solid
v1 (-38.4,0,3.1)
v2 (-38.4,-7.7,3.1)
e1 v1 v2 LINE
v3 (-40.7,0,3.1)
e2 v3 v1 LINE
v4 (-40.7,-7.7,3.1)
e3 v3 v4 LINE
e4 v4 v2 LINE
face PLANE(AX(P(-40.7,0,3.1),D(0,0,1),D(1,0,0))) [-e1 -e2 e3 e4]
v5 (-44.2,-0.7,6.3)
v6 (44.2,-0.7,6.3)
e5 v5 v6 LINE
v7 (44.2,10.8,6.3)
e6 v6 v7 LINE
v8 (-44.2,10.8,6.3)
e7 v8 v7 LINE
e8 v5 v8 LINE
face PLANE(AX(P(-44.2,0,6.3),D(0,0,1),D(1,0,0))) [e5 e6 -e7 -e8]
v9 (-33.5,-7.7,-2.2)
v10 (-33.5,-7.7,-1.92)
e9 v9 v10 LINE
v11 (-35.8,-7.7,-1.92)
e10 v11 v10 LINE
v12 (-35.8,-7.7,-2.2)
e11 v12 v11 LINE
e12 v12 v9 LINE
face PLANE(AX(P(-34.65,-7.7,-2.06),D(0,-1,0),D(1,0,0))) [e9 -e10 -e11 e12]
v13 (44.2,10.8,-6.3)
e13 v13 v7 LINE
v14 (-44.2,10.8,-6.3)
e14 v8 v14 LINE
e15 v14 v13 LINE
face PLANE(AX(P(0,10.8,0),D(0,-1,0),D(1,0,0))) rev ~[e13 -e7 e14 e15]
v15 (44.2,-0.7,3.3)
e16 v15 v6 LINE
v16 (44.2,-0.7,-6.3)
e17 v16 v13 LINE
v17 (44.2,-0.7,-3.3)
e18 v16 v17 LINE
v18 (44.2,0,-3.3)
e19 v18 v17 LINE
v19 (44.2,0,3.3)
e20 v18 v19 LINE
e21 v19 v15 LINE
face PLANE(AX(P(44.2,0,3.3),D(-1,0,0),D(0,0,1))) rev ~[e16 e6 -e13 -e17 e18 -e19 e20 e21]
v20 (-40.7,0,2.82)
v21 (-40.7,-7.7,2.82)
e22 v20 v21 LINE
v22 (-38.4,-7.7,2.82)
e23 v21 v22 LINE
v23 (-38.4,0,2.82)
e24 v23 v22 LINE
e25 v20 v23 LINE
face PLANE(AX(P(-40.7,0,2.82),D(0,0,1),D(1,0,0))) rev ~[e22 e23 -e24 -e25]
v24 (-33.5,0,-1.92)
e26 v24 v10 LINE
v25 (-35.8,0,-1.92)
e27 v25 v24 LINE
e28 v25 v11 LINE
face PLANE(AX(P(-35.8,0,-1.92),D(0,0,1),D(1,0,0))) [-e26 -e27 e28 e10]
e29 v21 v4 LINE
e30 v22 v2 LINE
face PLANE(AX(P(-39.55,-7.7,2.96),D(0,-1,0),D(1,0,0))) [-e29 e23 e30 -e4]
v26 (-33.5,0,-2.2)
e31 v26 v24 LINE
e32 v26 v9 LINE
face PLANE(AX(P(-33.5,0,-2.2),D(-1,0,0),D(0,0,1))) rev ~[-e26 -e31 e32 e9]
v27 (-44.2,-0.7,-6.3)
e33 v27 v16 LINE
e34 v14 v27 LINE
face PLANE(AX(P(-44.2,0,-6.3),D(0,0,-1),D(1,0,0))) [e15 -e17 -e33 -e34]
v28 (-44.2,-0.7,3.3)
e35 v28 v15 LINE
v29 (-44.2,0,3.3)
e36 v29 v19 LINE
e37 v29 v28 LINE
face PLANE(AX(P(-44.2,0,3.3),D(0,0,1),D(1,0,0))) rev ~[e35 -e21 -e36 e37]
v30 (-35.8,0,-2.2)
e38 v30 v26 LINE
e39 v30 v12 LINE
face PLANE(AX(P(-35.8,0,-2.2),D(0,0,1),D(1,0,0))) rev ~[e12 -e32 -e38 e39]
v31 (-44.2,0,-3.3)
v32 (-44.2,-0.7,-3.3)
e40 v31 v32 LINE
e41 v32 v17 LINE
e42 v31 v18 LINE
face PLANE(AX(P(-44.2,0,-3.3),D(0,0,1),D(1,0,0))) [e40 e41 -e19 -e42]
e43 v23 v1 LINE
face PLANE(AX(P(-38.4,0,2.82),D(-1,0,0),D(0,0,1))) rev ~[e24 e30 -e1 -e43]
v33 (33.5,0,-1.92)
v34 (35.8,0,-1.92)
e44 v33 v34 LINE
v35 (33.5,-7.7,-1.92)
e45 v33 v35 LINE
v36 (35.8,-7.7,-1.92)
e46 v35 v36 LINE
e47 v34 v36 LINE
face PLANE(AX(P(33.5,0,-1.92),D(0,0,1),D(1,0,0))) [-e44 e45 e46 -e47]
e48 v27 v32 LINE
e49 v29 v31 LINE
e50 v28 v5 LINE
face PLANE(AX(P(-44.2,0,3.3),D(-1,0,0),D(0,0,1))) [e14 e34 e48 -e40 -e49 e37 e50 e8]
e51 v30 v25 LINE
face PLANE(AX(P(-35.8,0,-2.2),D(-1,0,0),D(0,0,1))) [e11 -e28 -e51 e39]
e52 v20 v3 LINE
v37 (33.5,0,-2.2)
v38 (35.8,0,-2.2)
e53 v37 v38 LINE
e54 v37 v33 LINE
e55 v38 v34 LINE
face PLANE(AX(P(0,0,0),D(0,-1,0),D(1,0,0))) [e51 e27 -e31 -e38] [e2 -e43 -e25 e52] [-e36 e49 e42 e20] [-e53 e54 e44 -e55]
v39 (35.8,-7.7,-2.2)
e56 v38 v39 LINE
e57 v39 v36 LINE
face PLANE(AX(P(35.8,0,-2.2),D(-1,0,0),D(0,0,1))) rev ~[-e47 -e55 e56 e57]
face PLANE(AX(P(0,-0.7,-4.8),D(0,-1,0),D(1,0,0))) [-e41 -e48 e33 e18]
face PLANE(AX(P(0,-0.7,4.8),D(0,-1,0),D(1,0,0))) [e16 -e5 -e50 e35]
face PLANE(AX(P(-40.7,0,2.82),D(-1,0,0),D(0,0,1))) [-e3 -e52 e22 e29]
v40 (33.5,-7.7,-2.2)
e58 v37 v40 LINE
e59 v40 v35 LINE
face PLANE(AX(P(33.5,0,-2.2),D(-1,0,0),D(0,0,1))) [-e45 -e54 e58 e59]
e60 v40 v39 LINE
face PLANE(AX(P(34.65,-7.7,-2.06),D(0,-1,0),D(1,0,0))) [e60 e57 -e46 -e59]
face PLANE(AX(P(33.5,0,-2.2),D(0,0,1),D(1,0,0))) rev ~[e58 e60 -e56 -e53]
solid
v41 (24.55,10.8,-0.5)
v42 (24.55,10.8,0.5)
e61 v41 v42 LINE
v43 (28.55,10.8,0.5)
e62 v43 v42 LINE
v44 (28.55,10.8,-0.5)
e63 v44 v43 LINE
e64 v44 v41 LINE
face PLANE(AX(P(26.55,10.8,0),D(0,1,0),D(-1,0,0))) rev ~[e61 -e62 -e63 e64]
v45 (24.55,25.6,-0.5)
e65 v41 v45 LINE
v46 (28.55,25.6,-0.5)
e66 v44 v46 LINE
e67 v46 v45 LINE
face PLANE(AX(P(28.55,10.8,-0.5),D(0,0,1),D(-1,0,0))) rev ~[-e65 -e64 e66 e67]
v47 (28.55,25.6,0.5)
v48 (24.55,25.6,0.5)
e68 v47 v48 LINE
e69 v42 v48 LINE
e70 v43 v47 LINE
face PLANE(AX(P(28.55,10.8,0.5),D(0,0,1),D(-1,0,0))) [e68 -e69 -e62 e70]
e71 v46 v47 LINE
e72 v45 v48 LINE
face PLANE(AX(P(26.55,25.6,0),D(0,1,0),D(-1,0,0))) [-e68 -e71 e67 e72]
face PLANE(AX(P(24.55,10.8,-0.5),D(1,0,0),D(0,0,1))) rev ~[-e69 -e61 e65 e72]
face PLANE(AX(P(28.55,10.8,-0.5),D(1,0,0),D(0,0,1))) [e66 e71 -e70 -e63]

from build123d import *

# Parameters (mm, degrees)
F0_W     = 88.4
F0_H     = 6.6
F0_W_2   = 2.3
F0_H_2   = 0.28
F0_H_3   = 3
F1_DEPTH = 10.8
F2_DEPTH = 7.7
F3_DEPTH = 0.7
F4_W     = 4
F4_H     = 1
F5_DEPTH = 14.8


with BuildPart() as f1:
    # F0 (on Front) → F1 (new body)
    with BuildSketch(Plane.XZ):
        Rectangle(F0_W, F0_H)
        with Locations((-34.65, -2.06)):
            Rectangle(F0_W_2, F0_H_2, mode=Mode.SUBTRACT)
        with Locations((34.65, -2.06)):
            Rectangle(F0_W_2, F0_H_2, mode=Mode.SUBTRACT)
        with Locations((-39.55, 2.96)):
            Rectangle(F0_W_2, F0_H_2, mode=Mode.SUBTRACT)
        with Locations((0, 4.8)):
            Rectangle(F0_W, F0_H_3)
        with Locations((0, -4.8)):
            Rectangle(F0_W, F0_H_3)
        with Locations((-39.55, 2.96)):
            Rectangle(F0_W_2, F0_H_2)
        with Locations((-34.65, -2.06)):
            Rectangle(F0_W_2, F0_H_2)
        with Locations((34.65, -2.06)):
            Rectangle(F0_W_2, F0_H_2)
    extrude(amount=-F1_DEPTH)

    # F0 (on Front) → F2 (join)
    with BuildSketch(Plane.XZ):
        with Locations((34.65, -2.06)):
            Rectangle(F0_W_2, F0_H_2)
        with Locations((-39.55, 2.96)):
            Rectangle(F0_W_2, F0_H_2)
        with Locations((-34.65, -2.06)):
            Rectangle(F0_W_2, F0_H_2)
    extrude(amount=F2_DEPTH)

    # F0 (on Front) → F3 (join)
    with BuildSketch(Plane.XZ):
        with Locations((0, 4.8)):
            Rectangle(F0_W, F0_H_3)
        with Locations((0, -4.8)):
            Rectangle(F0_W, F0_H_3)
    extrude(amount=F3_DEPTH)


with BuildPart() as f5:
    # F4 (on face) → F5 (new body)
    with BuildSketch(Plane(origin=(0, 10.8, 0), x_dir=(-1, 0, 0), z_dir=(0, 1, 0))):
        with Locations((-26.55, 0)):
            Rectangle(F4_W, F4_H)
    extrude(amount=F5_DEPTH)


solid = Compound([f1.part, f5.part])
